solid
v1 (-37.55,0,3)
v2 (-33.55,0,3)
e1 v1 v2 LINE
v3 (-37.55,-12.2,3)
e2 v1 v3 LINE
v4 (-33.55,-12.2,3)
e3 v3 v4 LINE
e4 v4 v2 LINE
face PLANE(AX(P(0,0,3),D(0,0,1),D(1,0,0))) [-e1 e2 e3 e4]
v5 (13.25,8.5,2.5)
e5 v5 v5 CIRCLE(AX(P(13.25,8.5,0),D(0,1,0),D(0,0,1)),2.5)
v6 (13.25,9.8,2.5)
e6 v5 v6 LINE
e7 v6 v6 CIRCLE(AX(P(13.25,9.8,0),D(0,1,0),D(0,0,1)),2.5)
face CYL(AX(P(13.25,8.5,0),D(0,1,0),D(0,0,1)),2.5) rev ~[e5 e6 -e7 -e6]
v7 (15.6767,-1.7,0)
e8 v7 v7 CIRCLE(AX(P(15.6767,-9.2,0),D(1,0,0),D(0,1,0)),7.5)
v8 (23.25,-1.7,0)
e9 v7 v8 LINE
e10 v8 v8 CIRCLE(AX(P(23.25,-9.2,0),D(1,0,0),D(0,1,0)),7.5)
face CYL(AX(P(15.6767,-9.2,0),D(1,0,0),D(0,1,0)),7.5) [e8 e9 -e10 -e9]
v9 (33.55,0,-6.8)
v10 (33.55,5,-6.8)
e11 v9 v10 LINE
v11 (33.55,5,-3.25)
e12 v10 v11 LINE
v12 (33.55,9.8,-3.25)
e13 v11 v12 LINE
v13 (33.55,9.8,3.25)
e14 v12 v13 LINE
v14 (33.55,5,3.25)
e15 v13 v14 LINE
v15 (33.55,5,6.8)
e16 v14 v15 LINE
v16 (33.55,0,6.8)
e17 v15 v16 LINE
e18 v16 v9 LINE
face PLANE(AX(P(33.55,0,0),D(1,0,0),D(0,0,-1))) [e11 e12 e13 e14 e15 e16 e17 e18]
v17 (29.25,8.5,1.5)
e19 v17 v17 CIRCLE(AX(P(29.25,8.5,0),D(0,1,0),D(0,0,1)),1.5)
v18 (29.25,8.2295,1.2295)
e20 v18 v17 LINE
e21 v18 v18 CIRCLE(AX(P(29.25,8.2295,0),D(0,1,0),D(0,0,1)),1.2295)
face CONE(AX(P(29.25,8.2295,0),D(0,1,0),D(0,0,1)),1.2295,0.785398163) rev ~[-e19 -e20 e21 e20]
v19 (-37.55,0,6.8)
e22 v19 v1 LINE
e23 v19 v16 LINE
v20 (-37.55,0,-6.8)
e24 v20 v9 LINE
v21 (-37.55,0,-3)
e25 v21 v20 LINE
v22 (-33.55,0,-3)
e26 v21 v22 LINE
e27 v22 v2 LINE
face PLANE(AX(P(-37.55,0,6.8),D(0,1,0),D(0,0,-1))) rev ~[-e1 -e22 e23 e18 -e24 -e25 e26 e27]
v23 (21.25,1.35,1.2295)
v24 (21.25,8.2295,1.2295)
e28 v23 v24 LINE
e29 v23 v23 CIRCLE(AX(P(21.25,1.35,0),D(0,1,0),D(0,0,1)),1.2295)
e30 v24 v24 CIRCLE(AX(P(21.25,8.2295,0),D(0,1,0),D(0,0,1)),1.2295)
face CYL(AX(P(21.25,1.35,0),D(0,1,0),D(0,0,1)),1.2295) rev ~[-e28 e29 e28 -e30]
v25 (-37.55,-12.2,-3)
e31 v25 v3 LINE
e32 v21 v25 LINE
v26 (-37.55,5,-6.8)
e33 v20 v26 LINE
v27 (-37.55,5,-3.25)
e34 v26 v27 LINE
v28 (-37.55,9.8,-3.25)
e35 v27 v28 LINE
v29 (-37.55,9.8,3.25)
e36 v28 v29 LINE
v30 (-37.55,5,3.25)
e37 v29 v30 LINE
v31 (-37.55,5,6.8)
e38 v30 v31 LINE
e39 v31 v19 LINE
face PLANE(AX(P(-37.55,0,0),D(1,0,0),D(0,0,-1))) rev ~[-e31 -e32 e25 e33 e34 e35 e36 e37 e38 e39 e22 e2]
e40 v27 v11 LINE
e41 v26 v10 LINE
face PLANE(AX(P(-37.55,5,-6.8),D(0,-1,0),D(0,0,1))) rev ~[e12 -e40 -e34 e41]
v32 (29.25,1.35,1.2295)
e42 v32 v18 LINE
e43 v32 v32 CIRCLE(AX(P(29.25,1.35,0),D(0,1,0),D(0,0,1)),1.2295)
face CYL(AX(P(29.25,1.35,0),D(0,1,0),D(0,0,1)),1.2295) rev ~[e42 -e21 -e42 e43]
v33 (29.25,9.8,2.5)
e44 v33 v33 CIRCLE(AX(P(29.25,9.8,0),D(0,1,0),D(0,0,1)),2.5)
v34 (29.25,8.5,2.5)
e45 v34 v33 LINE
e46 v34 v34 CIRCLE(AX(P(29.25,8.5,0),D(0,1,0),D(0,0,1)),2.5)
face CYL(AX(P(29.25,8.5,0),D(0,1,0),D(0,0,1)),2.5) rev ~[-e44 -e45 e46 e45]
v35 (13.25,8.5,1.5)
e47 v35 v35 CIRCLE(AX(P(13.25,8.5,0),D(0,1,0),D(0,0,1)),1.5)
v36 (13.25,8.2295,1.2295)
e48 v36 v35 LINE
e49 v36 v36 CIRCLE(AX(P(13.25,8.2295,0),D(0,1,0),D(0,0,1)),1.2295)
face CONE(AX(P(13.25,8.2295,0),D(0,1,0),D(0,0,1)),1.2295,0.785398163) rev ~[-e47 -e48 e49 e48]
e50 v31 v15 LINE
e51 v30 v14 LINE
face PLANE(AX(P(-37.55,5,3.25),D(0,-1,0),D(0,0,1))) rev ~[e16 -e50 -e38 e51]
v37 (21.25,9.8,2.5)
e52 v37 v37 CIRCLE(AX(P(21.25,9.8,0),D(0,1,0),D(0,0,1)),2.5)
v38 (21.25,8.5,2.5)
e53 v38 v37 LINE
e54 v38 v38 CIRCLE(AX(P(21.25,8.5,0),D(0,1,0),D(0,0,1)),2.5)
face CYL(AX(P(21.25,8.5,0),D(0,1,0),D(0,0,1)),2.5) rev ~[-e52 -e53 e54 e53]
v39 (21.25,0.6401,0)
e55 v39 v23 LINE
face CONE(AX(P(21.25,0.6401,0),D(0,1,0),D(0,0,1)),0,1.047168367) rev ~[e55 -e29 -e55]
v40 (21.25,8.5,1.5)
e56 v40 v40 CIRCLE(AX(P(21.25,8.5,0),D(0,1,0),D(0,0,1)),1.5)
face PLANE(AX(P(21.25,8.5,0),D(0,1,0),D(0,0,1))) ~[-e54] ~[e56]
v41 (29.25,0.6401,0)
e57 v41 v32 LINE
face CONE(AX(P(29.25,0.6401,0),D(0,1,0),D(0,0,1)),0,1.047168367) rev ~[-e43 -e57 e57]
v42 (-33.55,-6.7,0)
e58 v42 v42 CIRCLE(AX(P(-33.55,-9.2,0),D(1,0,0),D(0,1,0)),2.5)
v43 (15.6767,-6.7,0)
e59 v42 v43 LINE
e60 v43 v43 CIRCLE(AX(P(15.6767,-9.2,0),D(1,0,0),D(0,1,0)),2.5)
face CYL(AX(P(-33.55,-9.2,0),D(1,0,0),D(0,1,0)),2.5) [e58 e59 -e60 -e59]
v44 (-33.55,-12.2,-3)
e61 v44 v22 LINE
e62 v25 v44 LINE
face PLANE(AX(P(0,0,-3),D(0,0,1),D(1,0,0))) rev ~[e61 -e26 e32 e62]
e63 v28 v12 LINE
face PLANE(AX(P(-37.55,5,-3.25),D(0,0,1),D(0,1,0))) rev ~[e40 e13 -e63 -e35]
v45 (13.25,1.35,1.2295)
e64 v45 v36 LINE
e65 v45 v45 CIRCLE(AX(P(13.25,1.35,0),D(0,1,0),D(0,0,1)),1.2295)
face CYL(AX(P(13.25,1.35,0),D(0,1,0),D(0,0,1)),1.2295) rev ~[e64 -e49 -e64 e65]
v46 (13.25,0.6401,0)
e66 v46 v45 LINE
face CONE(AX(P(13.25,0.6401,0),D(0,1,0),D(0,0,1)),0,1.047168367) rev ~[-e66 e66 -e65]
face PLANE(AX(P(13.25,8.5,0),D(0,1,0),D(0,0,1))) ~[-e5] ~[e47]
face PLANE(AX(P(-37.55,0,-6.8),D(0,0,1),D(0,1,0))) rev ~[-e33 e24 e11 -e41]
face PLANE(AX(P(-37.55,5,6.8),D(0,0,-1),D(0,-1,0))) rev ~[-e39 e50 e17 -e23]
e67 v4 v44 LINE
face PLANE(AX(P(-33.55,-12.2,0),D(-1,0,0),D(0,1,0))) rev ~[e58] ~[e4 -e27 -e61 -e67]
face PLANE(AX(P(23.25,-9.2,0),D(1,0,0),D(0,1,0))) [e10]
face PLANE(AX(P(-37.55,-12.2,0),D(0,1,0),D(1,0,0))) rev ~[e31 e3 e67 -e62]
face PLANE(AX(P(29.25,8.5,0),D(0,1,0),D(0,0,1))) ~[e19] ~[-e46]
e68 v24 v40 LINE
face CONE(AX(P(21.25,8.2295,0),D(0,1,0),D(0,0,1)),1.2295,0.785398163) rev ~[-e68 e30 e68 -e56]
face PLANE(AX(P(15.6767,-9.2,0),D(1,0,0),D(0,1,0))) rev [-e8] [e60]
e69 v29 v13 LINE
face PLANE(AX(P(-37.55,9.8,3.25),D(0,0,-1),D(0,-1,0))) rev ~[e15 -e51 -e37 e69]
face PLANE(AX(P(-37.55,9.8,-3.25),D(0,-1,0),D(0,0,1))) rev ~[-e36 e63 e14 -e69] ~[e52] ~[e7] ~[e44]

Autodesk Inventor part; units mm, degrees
sketch "Skizze_1" plane through (-37.55, 0, 0) normal (1, 0, 0) x (0, 0, -1)
  line L0 (-6.8, 5) -> (-6.8, 0)
  line L1 (-6.8, 0) -> (6.8, 0)
  line L2 (6.8, 0) -> (6.8, 5)
  line L3 (6.8, 5) -> (3.25, 5)
  line L4 (3.25, 5) -> (3.25, 9.8)
  line L5 (3.25, 9.8) -> (-3.25, 9.8)
  line L6 (-3.25, 9.8) -> (-3.25, 5)
  line L7 (-3.25, 5) -> (-6.8, 5)
extrude "Extrusion1" add sketch "Skizze_1" along normal blind 71.1
sketch "Skizze_2" plane through (0, 0, 0) normal (0, 0, 1) x (1, 0, 0)
  line L0 (-37.55, 7) -> (-37.55, -12.2)
  line L1 (-37.55, -12.2) -> (-33.55, -12.2)
  line L2 (-33.55, -12.2) -> (-33.55, 7)
  line L3 (-33.55, 7) -> (-37.55, 7)
extrude "Extrusion2" add sketch "Skizze_2" along normal mid plane 6
sketch "Sketch_1" plane through (0, 0, 0) normal (0, 0, 1) x (1, 0, 0)
  line L0 (23.25, -9.2) -> (-33.55, -9.2)
  line L1 (-33.55, -9.2) -> (-33.55, -6.7)
  line L2 (-33.55, -6.7) -> (15.6767, -6.7)
  line L3 (15.6767, -6.7) -> (15.6767, -1.7)
  line L4 (15.6767, -1.7) -> (23.25, -1.7)
  line L5 (23.25, -1.7) -> (23.25, -9.2)
  line L6 (23.25, -9.2) -> (-33.55, -9.2)
revolve "Revolution1" add sketch "Sketch_1" angle 360 about axis through (23.25, -9.2, 0) along (1, 0, 0)
sketch "Sketch_3" plane through (29.25, 0, 0) normal (1, 0, 0) x (0, 0, -1)
  line L0 (0, 9.8) -> (0, 0.6401)
  line L1 (0, 0.6401) -> (-1.2295, 1.35)
  line L2 (-1.2295, 1.35) -> (-1.2295, 8.2295)
  line L3 (-1.2295, 8.2295) -> (-1.5, 8.5)
  line L4 (-1.5, 8.5) -> (-2.5, 8.5)
  line L5 (-2.5, 8.5) -> (-2.5, 9.8)
  line L6 (-2.5, 9.8) -> (0, 9.8)
  line L7 (0, 9.8) -> (0, 0.6401)
revolve "Revolution2" cut sketch "Sketch_3" angle 360 about axis through (29.25, 9.8, 0) along (0, 1, 0)
thread "Thread1" size "M3x0.5" class "6H" standard "ISO Metric profile" length 5.2295
pattern_linear "Rectangular Pattern1" count 3 spacing 8 along (-1, 0, 0) of "Revolution2"
ref_plane "ANBAU_XY" through (23.25, -9.2, 0) normal (1, 0, 0) x (0, 0, -1)
ref_plane "ANBAU_YZ" through (23.25, -9.2, 0) normal (0, 0, -1) x (0, 1, 0)
ref_plane "ANBAU_ZX" through (23.25, -9.2, 0) normal (0, 1, 0) x (1, 0, 0)
ref_plane "SCHRAUBE_1_XY" through (29.25, 8.5, 0) normal (0, 1, 0) x (1, 0, 0)
ref_plane "SCHRAUBE_1_YZ" through (29.25, 8.5, 0) normal (1, 0, 0) x (0, 0, -1)
ref_plane "SCHRAUBE_1_ZX" through (29.25, 8.5, 0) normal (0, 0, -1) x (0, 1, 0)
ref_plane "SCHRAUBE_2_XY" through (21.25, 8.5, 0) normal (0, 1, 0) x (1, 0, 0)
ref_plane "SCHRAUBE_2_YZ" through (21.25, 8.5, 0) normal (1, 0, 0) x (0, 0, -1)
ref_plane "SCHRAUBE_2_ZX" through (21.25, 8.5, 0) normal (0, 0, -1) x (0, 1, 0)
ref_plane "SCHRAUBE_3_XY" through (13.25, 8.5, 0) normal (0, 1, 0) x (1, 0, 0)
ref_plane "SCHRAUBE_3_YZ" through (13.25, 8.5, 0) normal (1, 0, 0) x (0, 0, -1)
ref_plane "SCHRAUBE_3_ZX" through (13.25, 8.5, 0) normal (0, 0, -1) x (0, 1, 0)
ref_plane "ZBHJAW1_XY" through (29.25, 8.5, 0) normal (0, -1, 0) x (1, 0, 0)
ref_plane "ZBHJAW1_YZ" through (29.25, 8.5, 0) normal (1, 0, 0) x (0, 0, 1)
ref_plane "ZBHJAW1_ZX" through (29.25, 8.5, 0) normal (0, 0, 1) x (0, -1, 0)
ref_plane "ZBHJAW2_XY" through (13.25, 8.5, 0) normal (0, -1, 0) x (1, 0, 0)
ref_plane "ZBHJAW2_YZ" through (13.25, 8.5, 0) normal (1, 0, 0) x (0, 0, 1)
ref_plane "ZBHJAW2_ZX" through (13.25, 8.5, 0) normal (0, 0, 1) x (0, -1, 0)
properties part number "3385160 HGPL-BAC-14-40---(J)"
